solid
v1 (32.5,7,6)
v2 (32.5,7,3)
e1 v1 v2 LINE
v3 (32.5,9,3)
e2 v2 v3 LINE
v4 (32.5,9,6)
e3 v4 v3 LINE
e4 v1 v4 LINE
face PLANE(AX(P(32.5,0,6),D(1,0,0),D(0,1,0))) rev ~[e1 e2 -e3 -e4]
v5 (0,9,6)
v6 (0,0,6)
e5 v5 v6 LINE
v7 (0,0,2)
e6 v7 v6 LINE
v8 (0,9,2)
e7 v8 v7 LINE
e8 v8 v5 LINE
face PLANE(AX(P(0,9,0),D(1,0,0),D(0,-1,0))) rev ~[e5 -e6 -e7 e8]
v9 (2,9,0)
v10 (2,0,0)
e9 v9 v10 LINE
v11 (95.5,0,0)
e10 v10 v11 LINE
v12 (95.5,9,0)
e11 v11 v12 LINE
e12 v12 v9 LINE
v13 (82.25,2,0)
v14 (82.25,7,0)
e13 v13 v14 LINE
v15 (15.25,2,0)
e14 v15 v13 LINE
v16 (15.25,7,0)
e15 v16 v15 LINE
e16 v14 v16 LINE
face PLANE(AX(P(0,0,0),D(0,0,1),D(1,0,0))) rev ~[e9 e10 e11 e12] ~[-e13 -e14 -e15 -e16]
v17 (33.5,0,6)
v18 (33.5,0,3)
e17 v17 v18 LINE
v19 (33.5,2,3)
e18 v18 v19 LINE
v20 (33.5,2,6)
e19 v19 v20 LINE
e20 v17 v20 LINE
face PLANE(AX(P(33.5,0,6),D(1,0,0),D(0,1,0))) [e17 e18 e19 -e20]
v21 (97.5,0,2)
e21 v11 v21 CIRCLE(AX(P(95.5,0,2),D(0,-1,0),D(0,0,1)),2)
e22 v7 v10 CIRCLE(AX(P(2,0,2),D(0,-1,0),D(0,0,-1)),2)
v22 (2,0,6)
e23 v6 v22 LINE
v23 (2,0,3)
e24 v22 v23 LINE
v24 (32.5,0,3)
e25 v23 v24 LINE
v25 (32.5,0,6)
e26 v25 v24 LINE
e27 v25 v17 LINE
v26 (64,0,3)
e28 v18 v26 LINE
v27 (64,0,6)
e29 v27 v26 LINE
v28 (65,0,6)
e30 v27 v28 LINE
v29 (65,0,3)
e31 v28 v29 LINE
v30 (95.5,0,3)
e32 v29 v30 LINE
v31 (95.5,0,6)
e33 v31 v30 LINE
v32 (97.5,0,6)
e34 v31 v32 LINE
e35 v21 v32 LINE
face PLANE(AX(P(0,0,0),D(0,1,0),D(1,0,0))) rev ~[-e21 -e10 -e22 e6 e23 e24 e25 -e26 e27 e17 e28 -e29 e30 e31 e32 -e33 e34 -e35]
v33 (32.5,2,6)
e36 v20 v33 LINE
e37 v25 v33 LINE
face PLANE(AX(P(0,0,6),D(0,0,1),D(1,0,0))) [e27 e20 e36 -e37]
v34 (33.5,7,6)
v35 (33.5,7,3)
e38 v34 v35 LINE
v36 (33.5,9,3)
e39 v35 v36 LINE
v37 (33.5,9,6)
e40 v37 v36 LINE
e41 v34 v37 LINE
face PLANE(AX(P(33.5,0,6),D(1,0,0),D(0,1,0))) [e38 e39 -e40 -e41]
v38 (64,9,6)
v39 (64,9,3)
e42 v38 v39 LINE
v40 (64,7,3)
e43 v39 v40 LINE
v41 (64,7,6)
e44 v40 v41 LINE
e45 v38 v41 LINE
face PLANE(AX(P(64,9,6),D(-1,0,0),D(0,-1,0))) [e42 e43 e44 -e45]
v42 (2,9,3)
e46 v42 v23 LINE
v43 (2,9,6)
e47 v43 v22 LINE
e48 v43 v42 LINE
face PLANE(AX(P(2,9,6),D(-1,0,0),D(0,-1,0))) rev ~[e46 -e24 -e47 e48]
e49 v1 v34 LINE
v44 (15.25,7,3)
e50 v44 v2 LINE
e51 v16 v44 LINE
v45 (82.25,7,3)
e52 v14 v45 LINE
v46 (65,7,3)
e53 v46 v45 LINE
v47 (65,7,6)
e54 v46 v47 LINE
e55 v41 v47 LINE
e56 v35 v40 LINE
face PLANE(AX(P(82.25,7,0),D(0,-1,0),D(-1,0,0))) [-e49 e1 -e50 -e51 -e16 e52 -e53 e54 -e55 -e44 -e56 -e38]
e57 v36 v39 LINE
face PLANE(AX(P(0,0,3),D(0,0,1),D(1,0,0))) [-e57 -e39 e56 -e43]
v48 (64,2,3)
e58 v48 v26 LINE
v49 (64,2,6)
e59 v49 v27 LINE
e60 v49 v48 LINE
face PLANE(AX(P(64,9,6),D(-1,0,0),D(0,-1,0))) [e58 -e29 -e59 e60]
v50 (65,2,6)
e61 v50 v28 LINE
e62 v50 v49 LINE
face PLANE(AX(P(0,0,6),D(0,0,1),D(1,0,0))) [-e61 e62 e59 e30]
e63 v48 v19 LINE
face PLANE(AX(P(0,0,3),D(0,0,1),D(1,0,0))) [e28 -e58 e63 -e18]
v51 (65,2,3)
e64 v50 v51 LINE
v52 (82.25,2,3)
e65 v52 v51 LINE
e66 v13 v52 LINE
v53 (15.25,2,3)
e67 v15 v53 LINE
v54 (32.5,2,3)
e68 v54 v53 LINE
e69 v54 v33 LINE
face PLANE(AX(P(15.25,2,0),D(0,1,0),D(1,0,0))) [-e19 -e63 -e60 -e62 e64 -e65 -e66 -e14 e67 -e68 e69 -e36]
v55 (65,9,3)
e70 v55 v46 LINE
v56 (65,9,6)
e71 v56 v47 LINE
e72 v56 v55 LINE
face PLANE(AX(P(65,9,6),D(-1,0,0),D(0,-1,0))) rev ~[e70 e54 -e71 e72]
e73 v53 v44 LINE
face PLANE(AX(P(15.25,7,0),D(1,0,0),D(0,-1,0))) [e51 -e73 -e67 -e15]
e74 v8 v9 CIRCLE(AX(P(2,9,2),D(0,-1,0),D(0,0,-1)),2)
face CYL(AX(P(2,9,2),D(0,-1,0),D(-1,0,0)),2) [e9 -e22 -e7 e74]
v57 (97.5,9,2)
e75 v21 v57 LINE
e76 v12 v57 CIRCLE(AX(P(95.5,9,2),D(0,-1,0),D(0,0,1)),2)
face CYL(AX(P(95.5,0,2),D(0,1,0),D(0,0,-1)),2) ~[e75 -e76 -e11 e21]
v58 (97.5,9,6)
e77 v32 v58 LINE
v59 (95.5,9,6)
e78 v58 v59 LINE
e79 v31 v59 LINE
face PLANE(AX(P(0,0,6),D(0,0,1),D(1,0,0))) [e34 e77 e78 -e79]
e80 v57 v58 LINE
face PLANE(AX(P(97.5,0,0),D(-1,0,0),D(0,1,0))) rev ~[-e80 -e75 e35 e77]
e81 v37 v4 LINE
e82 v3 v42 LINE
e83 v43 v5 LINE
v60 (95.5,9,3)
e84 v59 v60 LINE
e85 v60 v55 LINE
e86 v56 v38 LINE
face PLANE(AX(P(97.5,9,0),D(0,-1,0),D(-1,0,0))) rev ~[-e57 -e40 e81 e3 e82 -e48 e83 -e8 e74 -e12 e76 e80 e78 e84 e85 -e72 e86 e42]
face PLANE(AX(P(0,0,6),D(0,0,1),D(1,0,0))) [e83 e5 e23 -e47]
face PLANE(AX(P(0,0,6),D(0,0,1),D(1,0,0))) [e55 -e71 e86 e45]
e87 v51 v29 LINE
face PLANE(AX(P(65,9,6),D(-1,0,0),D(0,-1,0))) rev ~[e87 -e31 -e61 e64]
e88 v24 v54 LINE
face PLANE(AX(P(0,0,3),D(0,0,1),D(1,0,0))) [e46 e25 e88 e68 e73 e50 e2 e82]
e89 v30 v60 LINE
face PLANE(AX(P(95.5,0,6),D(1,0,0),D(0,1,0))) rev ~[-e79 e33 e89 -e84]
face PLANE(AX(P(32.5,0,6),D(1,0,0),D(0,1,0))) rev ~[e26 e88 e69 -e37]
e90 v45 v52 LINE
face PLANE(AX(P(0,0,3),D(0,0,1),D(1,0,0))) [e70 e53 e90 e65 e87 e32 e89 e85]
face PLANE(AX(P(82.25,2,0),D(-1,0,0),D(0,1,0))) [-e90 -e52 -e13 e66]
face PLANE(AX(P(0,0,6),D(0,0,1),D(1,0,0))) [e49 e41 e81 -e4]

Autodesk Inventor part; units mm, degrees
ref_plane "YZ Plane" through (0, 0, 0) normal (1, 0, 0) x (0, 1, 0)
ref_plane "XZ Plane" through (0, 0, 0) normal (0, 1, 0) x (-1, 0, 0)
ref_plane "XY Plane" through (0, 0, 0) normal (0, 0, 1) x (1, 0, 0)
sketch "Sketch1" plane through (0, 0, 0) normal (0, 0, 1) x (1, 0, 0)
  line L0 (0, 0) -> (97.5, 0)
  line L1 (97.5, 0) -> (97.5, 9)
  line L2 (97.5, 9) -> (0, 9)
  line L3 (0, 9) -> (0, 0)
  dimension "d2" = 97.5
  dimension "d3" = 9
extrude "Extrusion1" add sketch "Sketch1" along normal blind 6
sketch "Sketch2" plane through (0, 0, 6) normal (0, 0, 1) x (1, 0, 0)
  line L0 (0, 0) -> (97.5, 0) projected
  line L1 (97.5, 0) -> (97.5, 9) projected
  line L2 (0, 9) -> (0, 0) projected
  line L3 (2, 0) -> (32.5, 0)
  line L4 (32.5, 0) -> (32.5, 9)
  line L5 (32.5, 9) -> (2, 9)
  line L6 (2, 9) -> (2, 0)
  line L7 (33.5, 9) -> (64, 9)
  line L8 (64, 9) -> (64, 0)
  line L9 (64, 0) -> (33.5, 0)
  line L10 (33.5, 0) -> (33.5, 9)
  line L11 (65, 0) -> (95.5, 0)
  line L12 (95.5, 0) -> (95.5, 9)
  line L13 (95.5, 9) -> (65, 9)
  line L14 (65, 9) -> (65, 0)
  line L15 (97.5, 9) -> (0, 9) projected
  dimension "d5" = 30.5
  dimension "d6" = 2
  dimension "d7" = 2
  dimension "d8" = 30.5
  dimension "d9" = 30.5
  dimension "d10" = 1
extrude "Extrusion2" cut sketch "Sketch2" against normal blind 3 contours L6 L5 L4 L0 | L10 L7 L8 L0 | L14 L13 L12 L0
sketch "Sketch7" plane through (0, 0, 0) normal (0, 0, -1) x (-1, 0, 0)
  line L0 (0, 0) -> (-97.5, 0) projected
  line L1 (0, 9) -> (0, 0) projected
  line L2 (-97.5, 9) -> (0, 9) projected
  line L3 (-97.5, 0) -> (-97.5, 9) projected
  line L4 (-82.25, 7) -> (-15.25, 7)
  line L5 (-15.25, 7) -> (-15.25, 2)
  line L6 (-15.25, 2) -> (-82.25, 2)
  line L7 (-82.25, 2) -> (-82.25, 7)
  line L8 (-82.25, 7) -> (-15.25, 2) construction
  line L9 (-15.25, 7) -> (-82.25, 2) construction
  line L10 (-48.75, 9) -> (-48.75, 0) construction
  line L11 (-97.5, 4.5) -> (0, 4.5) construction
  point P0 (-48.75, 4.5)
  point P1 (-48.75, 4.5)
  point P2 (-48.75, 4.5)
  dimension "d31" = 67
  dimension "d32" = 5
extrude "Extrusion7" cut sketch "Sketch7" against normal blind 10 contours L4 L5 L6 L7
fillet "Fillet1" radius 2 2 edges at (97.5, 4.5, 0) (0, 4.5, 0)
properties part number "base_corner" material "ABS Plastic"
